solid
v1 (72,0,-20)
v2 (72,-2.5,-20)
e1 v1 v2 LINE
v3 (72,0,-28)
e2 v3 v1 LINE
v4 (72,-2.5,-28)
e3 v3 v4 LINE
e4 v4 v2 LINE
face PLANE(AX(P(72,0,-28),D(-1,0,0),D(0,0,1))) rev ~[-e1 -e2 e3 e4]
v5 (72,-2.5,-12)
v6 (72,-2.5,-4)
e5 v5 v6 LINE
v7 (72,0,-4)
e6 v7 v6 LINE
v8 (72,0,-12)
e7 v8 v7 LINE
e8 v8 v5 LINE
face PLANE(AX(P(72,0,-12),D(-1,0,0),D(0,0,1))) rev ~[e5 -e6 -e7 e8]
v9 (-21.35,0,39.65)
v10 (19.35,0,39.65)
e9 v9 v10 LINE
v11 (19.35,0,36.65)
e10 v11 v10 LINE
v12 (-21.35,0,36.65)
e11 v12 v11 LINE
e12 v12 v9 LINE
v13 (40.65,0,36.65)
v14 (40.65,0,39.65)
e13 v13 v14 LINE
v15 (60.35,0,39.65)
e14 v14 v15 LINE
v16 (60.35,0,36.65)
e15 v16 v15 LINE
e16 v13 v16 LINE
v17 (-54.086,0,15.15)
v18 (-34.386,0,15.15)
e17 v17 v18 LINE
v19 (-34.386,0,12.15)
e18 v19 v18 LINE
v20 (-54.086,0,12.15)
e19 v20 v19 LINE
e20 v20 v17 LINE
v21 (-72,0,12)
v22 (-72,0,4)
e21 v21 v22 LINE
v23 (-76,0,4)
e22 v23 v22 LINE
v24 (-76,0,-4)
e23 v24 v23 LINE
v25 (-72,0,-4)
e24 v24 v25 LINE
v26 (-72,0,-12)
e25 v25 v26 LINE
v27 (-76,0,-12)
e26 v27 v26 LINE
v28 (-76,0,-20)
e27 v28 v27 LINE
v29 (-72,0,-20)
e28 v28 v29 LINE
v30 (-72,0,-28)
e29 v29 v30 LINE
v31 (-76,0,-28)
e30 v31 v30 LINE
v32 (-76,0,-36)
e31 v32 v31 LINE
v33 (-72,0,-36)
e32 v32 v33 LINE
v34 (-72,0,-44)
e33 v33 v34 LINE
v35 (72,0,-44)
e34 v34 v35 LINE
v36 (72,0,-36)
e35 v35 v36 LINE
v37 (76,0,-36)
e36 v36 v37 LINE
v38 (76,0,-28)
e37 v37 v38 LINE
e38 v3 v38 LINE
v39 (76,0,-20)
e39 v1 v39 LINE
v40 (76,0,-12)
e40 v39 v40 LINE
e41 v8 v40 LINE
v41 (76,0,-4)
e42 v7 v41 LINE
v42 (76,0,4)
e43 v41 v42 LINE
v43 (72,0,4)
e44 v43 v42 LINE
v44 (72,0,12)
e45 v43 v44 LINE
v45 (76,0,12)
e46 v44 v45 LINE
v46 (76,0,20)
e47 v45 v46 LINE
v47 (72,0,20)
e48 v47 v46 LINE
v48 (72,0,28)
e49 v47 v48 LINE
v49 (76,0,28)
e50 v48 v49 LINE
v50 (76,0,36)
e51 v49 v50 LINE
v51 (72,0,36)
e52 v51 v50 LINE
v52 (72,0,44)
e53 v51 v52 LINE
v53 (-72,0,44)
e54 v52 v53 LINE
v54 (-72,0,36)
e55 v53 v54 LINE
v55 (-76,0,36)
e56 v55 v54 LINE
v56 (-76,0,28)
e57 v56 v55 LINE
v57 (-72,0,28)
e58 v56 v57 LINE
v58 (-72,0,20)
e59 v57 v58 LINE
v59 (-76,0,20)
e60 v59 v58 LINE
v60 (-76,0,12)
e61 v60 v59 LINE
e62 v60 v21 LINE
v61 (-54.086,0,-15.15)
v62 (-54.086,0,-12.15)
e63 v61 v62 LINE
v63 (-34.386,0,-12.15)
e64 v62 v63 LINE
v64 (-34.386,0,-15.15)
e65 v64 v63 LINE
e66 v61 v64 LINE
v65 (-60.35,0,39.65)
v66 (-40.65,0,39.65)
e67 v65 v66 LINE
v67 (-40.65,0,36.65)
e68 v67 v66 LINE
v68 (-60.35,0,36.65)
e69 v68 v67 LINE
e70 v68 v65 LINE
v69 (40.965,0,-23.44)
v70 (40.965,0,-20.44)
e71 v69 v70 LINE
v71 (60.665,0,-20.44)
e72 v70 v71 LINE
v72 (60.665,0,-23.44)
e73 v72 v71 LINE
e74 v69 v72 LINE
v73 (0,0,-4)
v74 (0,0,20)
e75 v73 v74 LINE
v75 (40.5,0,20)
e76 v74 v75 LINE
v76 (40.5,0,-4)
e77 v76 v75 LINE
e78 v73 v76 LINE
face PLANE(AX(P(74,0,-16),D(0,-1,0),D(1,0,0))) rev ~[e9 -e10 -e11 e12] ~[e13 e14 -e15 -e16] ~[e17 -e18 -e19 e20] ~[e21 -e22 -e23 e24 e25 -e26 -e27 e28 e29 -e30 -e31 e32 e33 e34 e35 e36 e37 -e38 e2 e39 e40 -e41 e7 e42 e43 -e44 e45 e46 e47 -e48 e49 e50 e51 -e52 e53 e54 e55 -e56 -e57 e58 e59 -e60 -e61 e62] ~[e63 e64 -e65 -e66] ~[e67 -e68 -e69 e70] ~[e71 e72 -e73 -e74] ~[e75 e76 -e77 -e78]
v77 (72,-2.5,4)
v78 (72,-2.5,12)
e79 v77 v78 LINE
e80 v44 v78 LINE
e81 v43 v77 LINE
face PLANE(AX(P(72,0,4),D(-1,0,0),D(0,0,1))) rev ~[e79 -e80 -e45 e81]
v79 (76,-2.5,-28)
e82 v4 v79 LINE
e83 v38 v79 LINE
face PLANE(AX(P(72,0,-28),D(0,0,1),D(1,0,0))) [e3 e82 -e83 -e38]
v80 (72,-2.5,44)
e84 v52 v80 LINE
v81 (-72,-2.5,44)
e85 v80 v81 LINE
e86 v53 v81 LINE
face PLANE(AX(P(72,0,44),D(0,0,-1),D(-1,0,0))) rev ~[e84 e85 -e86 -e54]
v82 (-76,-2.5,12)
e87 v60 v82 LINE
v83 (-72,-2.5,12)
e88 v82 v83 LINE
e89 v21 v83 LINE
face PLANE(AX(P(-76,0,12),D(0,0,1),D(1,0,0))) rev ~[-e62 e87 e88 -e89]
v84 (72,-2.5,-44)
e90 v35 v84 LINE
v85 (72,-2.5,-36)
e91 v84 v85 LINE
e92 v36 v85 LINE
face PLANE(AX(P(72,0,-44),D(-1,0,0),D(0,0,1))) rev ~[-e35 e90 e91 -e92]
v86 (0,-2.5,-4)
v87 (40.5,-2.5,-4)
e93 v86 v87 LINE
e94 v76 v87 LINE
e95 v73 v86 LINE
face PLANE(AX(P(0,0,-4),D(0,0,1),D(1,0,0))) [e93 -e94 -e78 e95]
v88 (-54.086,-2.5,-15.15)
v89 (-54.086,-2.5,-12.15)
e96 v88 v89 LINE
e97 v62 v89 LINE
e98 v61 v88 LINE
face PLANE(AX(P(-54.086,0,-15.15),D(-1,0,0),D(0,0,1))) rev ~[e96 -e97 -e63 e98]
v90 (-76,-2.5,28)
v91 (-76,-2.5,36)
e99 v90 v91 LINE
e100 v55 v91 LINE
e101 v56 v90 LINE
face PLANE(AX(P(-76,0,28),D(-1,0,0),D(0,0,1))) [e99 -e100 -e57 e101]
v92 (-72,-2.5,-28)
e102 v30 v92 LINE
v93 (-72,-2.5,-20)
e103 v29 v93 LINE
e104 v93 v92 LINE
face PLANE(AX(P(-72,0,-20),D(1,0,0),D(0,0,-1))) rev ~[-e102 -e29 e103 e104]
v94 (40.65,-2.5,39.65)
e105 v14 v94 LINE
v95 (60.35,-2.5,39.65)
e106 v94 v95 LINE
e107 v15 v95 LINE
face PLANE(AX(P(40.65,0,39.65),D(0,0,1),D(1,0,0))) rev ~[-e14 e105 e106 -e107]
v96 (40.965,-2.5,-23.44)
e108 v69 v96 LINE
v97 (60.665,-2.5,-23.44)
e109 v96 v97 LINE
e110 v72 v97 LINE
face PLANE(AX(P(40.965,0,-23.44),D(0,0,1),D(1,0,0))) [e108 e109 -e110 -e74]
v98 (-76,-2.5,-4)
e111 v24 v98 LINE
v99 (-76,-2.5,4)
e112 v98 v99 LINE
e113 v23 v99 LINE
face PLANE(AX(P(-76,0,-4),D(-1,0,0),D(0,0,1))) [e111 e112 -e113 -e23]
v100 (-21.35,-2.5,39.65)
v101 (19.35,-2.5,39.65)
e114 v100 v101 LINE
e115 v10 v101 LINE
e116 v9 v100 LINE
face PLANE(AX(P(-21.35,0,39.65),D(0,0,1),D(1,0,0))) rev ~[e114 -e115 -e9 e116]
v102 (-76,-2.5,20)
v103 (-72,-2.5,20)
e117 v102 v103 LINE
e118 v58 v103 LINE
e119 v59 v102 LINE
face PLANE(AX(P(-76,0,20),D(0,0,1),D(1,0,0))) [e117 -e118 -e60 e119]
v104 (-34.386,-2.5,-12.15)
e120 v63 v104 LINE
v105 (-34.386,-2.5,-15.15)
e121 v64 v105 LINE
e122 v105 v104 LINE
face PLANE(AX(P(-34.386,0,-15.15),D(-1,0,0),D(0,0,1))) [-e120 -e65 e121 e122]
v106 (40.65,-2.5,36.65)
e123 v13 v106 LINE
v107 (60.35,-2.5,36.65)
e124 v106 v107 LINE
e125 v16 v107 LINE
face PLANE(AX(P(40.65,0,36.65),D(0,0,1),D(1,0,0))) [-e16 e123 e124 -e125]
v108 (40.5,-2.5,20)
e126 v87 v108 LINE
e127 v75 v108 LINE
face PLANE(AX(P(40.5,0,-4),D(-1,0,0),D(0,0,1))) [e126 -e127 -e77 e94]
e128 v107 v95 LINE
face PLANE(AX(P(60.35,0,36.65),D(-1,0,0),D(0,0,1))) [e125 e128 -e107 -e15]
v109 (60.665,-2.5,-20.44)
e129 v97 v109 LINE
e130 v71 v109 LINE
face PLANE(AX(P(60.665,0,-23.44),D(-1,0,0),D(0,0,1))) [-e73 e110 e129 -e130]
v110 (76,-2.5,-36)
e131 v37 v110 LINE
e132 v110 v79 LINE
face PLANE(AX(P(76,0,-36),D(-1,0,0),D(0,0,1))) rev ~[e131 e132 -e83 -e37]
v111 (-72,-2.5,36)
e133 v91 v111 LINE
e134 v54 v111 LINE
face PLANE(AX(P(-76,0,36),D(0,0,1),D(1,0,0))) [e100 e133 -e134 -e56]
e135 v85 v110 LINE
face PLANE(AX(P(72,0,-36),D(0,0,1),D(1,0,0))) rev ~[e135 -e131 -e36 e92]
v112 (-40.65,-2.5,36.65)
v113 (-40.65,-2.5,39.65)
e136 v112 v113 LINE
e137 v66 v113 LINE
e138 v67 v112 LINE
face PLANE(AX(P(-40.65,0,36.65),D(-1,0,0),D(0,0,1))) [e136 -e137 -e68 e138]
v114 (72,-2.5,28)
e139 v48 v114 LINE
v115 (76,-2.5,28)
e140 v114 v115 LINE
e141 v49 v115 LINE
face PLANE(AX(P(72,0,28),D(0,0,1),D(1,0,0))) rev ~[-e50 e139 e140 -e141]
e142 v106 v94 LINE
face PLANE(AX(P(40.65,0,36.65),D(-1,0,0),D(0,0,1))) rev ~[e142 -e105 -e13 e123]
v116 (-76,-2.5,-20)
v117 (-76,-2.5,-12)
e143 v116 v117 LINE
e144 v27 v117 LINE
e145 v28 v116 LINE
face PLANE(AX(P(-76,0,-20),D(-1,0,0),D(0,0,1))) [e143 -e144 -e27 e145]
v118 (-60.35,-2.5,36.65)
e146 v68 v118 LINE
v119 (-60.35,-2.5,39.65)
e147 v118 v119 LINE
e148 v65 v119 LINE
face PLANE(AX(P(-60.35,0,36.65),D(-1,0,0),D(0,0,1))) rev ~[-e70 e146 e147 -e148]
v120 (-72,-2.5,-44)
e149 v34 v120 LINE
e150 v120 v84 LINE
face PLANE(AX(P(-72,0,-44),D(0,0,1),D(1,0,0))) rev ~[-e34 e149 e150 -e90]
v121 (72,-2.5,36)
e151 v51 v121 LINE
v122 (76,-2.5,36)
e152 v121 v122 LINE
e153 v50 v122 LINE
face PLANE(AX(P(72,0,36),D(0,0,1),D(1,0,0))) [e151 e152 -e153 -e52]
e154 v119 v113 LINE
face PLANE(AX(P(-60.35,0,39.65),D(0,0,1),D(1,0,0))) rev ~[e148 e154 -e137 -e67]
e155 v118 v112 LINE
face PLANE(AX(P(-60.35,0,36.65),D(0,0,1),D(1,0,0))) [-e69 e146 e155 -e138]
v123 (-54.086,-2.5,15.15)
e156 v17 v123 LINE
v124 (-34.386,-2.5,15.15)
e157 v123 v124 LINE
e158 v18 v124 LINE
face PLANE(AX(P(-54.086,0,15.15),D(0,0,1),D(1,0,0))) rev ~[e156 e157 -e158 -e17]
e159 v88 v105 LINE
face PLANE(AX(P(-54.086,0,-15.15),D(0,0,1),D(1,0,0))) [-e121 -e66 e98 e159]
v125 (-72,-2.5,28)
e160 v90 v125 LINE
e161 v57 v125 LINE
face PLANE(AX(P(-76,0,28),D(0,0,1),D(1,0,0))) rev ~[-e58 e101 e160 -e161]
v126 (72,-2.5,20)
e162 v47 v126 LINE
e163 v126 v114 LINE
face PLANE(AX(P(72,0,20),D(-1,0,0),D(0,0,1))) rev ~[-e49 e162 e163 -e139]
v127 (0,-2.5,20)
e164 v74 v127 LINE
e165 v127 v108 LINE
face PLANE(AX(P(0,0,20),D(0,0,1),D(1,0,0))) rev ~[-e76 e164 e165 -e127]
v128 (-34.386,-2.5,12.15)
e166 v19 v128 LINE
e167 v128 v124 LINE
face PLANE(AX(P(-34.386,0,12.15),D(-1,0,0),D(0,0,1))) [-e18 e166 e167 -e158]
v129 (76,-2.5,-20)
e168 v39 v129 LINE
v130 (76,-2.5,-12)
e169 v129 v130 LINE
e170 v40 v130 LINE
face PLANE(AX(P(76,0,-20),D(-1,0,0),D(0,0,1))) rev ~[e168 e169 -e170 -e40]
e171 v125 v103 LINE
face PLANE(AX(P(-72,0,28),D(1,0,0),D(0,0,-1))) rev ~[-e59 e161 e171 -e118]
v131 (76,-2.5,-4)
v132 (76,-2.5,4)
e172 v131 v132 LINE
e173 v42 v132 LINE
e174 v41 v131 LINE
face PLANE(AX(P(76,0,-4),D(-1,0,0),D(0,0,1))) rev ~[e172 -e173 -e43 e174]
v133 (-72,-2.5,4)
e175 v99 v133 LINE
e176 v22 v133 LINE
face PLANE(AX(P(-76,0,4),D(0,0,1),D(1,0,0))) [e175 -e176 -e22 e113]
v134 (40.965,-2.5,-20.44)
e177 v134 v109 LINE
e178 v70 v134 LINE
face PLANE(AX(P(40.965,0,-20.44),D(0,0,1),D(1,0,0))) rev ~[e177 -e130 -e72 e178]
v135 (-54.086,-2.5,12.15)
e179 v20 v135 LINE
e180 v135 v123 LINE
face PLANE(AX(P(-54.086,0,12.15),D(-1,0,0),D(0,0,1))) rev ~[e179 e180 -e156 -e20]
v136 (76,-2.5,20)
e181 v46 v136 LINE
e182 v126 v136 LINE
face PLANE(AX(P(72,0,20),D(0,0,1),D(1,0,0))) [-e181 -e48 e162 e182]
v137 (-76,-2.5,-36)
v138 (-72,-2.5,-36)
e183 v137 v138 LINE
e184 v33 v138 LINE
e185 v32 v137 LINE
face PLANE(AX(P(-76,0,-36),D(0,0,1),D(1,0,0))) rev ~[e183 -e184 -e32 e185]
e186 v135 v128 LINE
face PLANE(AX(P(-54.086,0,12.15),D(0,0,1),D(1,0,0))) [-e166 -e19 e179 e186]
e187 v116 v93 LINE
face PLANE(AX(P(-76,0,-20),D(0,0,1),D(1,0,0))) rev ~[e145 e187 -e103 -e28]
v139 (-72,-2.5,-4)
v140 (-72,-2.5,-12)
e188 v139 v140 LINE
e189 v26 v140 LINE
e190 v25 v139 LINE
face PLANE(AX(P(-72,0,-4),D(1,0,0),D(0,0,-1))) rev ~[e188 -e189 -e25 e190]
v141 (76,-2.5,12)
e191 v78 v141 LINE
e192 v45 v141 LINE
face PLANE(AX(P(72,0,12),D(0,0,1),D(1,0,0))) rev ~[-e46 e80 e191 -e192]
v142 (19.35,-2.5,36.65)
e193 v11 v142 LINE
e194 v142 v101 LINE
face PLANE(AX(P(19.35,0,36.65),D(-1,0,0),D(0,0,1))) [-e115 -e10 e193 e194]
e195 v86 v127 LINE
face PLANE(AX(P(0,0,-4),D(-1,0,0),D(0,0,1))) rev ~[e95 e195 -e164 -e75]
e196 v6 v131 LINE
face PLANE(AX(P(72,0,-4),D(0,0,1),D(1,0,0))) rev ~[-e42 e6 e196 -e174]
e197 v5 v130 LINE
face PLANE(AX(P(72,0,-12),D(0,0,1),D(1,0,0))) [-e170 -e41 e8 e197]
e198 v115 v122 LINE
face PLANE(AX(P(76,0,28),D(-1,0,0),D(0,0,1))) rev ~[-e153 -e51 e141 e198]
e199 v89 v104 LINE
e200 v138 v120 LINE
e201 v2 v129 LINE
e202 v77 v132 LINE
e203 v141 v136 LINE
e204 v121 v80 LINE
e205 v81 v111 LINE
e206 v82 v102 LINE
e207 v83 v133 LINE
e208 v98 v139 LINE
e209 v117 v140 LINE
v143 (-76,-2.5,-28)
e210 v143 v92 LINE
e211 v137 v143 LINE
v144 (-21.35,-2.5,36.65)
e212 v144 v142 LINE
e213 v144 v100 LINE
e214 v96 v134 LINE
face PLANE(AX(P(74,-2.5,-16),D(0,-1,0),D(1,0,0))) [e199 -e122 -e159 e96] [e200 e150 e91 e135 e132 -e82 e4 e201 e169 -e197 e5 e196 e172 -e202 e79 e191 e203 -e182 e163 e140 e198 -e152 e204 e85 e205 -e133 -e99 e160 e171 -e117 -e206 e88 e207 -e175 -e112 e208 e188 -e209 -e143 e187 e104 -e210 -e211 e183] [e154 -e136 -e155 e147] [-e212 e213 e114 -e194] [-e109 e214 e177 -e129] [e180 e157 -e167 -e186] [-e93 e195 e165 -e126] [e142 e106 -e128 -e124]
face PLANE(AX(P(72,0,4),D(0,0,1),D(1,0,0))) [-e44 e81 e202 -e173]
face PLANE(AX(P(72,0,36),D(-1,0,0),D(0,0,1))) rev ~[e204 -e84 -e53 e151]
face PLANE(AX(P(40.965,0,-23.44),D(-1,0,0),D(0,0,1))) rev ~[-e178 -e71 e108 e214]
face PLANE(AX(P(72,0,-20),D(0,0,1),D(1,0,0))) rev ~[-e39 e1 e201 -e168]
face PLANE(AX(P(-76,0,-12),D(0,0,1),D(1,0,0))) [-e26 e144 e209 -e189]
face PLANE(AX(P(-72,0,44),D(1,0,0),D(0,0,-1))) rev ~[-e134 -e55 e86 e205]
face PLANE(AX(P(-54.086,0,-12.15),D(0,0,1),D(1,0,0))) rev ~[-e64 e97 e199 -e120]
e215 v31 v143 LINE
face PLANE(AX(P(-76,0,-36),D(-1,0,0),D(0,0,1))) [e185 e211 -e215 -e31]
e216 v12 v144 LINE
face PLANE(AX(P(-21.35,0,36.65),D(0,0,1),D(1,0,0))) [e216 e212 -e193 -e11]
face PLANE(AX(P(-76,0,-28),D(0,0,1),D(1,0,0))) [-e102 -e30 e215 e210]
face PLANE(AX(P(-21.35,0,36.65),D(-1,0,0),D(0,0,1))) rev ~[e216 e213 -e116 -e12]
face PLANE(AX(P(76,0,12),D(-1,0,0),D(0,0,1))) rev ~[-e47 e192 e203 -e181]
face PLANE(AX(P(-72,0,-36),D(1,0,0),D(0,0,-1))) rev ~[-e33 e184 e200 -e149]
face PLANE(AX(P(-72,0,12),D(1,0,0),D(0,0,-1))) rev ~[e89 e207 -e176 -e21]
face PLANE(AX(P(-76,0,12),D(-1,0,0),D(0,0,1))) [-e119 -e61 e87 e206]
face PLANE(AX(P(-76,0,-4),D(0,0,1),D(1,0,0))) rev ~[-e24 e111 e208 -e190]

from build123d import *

# Parameters (mm, degrees)
F0_W     = 4
F0_H     = 8
F0_W_2   = 19.7
F0_H_2   = 3
F0_W_3   = 40.7
F0_W_4   = 40.5
F0_H_3   = 24
F1_DEPTH = 2.5


with BuildPart() as f1:
    # F0 (on Front) → F1 (new body)
    with BuildSketch(Plane.XZ):
        with Locations((74, -16)):
            Rectangle(F0_W, F0_H)
        with Locations((74, -32)):
            Rectangle(F0_W, F0_H)
        Polygon((-1, 44), (-72, 44), (-72, 36), (-72, 28), (-72, 20), (-72, 12), (-72, 4), (-72, -4), (-72, -12), (-72, -20), (-72, -28), (-72, -36), (-72, -44), (72, -44), (72, -36), (72, -28), (72, -20), (72, -12), (72, -4), (72, 4), (72, 12), (72, 20), (72, 28), (72, 36), (72, 44), align=None)
        with Locations((-44.236, -13.65)):
            Rectangle(F0_W_2, F0_H_2, mode=Mode.SUBTRACT)
        with Locations((50.815, -21.94)):
            Rectangle(F0_W_2, F0_H_2, mode=Mode.SUBTRACT)
        with Locations((-44.236, 13.65)):
            Rectangle(F0_W_2, F0_H_2, mode=Mode.SUBTRACT)
        with Locations((-50.5, 38.15)):
            Rectangle(F0_W_2, F0_H_2, mode=Mode.SUBTRACT)
        with Locations((-1, 38.15)):
            Rectangle(F0_W_3, F0_H_2, mode=Mode.SUBTRACT)
        with Locations((20.25, 8)):
            Rectangle(F0_W_4, F0_H_3, mode=Mode.SUBTRACT)
        with Locations((50.5, 38.15)):
            Rectangle(F0_W_2, F0_H_2, mode=Mode.SUBTRACT)
        with Locations((74, 0)):
            Rectangle(F0_W, F0_H)
        with Locations((74, 16)):
            Rectangle(F0_W, F0_H)
        with Locations((74, 32)):
            Rectangle(F0_W, F0_H)
        with Locations((-74, -32)):
            Rectangle(F0_W, F0_H)
        with Locations((-74, -16)):
            Rectangle(F0_W, F0_H)
        with Locations((-74, 0)):
            Rectangle(F0_W, F0_H)
        with Locations((-74, 32)):
            Rectangle(F0_W, F0_H)
        with Locations((-74, 16)):
            Rectangle(F0_W, F0_H)
    extrude(amount=F1_DEPTH)


solid = f1.part
